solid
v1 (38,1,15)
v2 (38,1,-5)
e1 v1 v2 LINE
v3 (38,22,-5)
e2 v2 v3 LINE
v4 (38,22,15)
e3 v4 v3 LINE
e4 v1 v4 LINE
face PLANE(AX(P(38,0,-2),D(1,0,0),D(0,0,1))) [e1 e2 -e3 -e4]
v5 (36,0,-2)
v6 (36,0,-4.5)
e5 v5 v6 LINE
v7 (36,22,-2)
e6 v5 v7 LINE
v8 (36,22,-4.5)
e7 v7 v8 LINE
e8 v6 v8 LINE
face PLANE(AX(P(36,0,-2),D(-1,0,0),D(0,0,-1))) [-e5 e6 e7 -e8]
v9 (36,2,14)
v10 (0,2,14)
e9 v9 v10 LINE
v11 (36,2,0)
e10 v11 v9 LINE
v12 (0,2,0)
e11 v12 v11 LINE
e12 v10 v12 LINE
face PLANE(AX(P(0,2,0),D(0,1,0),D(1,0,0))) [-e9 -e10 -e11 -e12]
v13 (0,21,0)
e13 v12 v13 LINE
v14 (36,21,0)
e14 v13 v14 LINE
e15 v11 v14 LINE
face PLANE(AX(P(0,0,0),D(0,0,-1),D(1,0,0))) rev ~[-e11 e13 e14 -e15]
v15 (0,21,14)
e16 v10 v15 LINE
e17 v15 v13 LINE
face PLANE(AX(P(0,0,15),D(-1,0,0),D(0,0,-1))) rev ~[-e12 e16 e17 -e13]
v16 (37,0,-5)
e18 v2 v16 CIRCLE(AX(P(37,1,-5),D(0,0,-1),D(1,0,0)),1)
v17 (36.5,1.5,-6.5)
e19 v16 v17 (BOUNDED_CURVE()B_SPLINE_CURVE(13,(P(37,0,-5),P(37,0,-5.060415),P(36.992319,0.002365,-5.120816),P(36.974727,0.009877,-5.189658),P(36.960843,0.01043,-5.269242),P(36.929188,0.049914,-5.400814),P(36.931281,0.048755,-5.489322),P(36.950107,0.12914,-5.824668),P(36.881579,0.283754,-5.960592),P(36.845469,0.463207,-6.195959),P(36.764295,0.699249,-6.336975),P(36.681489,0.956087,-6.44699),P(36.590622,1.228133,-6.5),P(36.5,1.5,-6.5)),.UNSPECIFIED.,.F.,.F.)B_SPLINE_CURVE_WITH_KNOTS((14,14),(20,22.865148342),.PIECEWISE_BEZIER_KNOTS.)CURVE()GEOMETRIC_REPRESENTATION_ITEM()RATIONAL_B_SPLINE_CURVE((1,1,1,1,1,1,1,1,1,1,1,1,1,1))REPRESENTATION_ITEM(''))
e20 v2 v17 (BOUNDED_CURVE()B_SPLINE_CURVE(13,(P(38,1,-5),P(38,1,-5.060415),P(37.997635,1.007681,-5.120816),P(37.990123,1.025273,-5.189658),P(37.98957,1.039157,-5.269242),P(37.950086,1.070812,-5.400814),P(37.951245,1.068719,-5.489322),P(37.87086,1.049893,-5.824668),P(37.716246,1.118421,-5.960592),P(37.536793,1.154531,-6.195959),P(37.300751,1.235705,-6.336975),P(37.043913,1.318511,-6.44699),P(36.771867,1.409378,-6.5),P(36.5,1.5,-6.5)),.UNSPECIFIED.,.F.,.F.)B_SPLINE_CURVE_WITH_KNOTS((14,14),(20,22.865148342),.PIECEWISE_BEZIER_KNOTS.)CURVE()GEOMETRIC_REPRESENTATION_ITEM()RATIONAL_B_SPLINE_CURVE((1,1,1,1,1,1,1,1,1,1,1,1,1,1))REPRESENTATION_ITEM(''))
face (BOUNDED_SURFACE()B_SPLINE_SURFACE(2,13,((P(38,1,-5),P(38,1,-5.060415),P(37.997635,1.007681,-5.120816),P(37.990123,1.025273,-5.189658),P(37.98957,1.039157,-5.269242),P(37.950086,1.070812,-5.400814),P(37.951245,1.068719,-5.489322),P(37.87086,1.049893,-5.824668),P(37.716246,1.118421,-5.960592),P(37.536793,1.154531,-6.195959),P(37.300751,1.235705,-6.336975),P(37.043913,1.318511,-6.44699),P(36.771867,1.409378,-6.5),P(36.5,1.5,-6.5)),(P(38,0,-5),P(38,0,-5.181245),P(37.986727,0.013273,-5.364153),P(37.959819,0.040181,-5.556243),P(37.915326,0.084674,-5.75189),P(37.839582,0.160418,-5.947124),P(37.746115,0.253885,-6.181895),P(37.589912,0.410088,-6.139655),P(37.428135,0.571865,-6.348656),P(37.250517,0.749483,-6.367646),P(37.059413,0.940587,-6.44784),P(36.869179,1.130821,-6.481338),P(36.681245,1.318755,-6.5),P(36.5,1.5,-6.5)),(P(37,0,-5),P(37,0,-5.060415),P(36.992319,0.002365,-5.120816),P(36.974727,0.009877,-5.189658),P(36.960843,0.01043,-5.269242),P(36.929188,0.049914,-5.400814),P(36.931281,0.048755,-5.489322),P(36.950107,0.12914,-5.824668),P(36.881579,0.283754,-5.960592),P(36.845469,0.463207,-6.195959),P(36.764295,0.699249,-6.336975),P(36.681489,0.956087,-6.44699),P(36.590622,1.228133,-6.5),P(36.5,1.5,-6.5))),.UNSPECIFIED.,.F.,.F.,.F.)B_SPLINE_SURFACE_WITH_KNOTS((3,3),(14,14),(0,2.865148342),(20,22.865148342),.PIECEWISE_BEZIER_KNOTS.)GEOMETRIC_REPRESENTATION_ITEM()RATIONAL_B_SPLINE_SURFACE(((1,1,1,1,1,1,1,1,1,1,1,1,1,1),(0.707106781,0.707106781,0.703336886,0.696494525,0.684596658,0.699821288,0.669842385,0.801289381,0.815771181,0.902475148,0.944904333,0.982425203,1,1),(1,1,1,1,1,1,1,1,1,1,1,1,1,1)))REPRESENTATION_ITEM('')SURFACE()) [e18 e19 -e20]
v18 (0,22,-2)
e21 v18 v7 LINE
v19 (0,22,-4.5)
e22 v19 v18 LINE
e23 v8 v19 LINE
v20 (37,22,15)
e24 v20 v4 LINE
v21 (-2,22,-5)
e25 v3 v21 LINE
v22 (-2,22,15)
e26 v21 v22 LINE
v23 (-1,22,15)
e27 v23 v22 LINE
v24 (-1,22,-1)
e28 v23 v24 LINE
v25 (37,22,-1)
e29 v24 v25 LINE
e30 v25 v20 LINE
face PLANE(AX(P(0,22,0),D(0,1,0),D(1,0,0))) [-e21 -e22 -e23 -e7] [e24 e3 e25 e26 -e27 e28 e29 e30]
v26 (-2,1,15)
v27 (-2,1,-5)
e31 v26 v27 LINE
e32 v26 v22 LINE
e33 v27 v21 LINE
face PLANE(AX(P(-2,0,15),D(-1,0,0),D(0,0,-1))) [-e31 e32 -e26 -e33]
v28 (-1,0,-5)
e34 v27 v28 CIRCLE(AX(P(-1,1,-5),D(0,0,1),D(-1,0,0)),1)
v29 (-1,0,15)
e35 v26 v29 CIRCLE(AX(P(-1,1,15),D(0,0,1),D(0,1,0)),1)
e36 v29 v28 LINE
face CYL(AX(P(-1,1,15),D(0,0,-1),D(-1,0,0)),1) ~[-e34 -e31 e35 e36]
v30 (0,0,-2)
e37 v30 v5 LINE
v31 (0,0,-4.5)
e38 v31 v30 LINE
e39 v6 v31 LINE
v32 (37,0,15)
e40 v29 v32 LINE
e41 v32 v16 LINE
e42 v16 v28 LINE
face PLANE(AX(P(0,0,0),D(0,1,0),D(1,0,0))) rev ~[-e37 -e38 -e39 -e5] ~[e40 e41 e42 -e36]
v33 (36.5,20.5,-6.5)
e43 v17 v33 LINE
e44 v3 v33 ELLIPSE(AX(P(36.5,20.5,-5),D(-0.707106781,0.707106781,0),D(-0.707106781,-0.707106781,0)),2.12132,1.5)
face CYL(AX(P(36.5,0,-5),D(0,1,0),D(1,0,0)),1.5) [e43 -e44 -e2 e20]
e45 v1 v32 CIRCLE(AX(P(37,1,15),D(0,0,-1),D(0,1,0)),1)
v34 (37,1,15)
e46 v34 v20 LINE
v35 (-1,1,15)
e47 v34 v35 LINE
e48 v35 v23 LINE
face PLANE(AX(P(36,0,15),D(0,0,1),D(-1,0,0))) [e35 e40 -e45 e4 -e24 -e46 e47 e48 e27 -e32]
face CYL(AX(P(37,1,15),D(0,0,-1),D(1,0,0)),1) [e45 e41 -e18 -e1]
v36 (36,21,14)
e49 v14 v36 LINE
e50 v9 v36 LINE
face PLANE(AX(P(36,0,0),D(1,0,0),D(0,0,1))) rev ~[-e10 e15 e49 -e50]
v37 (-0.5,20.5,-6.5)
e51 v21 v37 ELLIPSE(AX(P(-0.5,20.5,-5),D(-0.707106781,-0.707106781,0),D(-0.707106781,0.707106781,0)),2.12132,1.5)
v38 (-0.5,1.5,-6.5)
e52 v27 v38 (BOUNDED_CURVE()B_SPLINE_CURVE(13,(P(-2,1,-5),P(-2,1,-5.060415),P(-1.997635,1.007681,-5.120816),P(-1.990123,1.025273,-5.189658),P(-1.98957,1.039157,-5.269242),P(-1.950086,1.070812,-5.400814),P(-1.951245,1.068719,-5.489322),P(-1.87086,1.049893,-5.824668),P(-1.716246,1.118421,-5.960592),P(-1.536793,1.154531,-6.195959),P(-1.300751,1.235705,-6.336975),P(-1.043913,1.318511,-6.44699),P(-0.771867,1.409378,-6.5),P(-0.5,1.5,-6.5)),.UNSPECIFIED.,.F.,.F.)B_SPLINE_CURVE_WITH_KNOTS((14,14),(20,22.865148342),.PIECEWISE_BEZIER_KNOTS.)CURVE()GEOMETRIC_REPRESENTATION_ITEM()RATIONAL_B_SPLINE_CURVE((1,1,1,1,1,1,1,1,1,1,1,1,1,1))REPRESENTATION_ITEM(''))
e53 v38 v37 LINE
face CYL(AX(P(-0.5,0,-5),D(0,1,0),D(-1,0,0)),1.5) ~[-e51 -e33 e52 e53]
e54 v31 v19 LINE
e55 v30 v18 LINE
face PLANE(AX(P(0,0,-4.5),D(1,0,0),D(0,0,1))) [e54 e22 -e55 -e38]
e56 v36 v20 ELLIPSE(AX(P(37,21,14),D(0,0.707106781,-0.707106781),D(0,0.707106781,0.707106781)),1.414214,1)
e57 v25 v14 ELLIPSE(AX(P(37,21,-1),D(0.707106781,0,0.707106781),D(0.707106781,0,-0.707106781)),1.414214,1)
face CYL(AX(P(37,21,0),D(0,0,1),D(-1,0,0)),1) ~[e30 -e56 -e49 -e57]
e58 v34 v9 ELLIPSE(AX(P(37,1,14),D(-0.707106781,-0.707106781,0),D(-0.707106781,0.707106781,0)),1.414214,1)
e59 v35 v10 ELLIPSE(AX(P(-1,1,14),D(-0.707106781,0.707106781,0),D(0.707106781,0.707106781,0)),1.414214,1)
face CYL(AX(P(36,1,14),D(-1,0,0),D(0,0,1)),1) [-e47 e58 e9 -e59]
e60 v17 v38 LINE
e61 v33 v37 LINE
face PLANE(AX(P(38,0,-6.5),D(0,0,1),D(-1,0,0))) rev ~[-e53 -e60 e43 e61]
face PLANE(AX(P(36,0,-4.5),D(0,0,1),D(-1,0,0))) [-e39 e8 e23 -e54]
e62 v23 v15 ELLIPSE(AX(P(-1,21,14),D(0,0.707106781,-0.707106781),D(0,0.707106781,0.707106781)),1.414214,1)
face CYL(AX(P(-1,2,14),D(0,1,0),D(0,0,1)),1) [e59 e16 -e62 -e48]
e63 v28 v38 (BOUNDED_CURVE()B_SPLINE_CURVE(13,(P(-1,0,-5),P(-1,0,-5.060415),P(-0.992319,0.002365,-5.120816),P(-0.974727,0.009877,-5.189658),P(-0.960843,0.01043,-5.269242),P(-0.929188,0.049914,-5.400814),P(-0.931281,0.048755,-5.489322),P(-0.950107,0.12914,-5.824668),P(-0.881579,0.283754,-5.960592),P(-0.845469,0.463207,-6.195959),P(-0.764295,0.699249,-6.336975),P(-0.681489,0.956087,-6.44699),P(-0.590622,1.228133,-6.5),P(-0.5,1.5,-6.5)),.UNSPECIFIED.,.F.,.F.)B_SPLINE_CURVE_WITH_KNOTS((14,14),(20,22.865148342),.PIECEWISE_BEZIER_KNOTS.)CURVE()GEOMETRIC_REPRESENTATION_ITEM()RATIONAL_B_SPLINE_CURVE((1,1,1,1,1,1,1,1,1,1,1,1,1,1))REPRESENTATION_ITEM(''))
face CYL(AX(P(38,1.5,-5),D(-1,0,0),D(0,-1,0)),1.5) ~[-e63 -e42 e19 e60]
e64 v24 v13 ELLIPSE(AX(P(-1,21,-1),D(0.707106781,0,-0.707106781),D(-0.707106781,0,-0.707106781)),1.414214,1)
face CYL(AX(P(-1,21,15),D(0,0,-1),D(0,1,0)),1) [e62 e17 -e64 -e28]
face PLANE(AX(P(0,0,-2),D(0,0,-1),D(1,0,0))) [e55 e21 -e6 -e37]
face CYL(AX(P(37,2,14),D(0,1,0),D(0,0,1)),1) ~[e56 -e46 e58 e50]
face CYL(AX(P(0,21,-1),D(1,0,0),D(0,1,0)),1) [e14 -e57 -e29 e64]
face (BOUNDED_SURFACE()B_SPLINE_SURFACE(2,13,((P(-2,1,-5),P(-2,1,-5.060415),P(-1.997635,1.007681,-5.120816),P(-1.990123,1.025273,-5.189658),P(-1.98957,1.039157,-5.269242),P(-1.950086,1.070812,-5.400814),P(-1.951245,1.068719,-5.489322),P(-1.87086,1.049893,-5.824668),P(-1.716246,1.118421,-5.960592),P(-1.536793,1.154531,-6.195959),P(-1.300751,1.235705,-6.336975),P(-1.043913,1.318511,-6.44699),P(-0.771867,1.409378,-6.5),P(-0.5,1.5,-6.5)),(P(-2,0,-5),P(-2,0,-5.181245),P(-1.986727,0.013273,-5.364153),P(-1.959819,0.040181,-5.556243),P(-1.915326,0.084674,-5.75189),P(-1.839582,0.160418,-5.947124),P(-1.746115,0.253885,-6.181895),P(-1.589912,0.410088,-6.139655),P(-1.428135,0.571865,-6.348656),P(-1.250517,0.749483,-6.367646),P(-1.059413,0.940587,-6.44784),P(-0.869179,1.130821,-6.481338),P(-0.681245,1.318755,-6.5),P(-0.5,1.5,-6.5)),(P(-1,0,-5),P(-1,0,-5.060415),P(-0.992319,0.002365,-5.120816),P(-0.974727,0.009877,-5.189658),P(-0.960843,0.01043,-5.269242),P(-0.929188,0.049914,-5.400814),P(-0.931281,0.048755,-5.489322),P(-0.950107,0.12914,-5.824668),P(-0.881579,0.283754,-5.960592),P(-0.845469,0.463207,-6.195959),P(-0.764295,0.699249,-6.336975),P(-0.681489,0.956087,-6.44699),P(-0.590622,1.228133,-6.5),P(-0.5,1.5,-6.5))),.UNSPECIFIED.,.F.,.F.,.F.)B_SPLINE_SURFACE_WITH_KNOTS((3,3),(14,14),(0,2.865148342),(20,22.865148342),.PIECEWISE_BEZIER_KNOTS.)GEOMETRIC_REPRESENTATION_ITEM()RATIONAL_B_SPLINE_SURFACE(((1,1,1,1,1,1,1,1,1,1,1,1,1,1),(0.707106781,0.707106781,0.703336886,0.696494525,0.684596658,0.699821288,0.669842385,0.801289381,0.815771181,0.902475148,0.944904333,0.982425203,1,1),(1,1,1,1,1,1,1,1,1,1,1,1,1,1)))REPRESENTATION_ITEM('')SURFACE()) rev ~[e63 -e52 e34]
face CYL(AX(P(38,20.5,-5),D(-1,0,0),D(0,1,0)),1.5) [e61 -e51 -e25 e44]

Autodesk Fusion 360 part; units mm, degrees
sketch "Skizze1" plane through (0, 0, 0) normal (0, 1, 0) x (1, 0, 0)
  line L0 (0, 0) -> (36, 0)
  line L1 (36, 0) -> (36, -15)
  line L2 (36, -15) -> (0, -15)
  line L3 (0, -15) -> (0, 0)
  line L4 (38, 2) -> (38, -17)
  line L5 (38, -17) -> (-2, -17)
  line L6 (-2, -17) -> (-2, 2)
  line L7 (-2, 2) -> (38, 2)
  line L8 (0, 2) -> (36, 2)
  line L9 (36, 2) -> (36, 4.5)
  line L10 (36, 4.5) -> (0, 4.5)
  line L11 (0, 4.5) -> (0, 2)
  line L12 (38, 2) -> (38, 6.5)
  line L13 (38, 6.5) -> (-2, 6.5)
  line L14 (-2, 6.5) -> (-2, 2)
  line L15 (0, -15) -> (-2, -15)
  line L16 (36, -15) -> (38, -15)
  dimension "d6" = 36
  dimension "d7" = 15
  dimension "d8" = 2
  dimension "d9" = 36
  dimension "d10" = 2.5
  dimension "d11" = 2
extrude "Extrusion1" add sketch "Skizze1" along normal blind 2 contours L0 L1 L2 L3
extrude "Extrusion2" add sketch "Skizze1" along normal blind 22 contours L0 L1 L3 L4 L6 L7 L8 L15 L16 | L7 L9 L10 L11 L12 L13 L14
fillet "Abrundung1" radius 1 6 edges at (0, 12, 15) (0, 22, 7.5) (18, 22, 0) (36, 22, 7.5) (36, 12, 15) (18, 2, 15)
fillet "Abrundung2" radius 1.5 4 edges at (18, 22, -6.5) (-2, 11, -6.5) (38, 11, -6.5) (18, 0, -6.5)
fillet "Abrundung3" radius 1 4 edges at (37.5607, 0.4393, -6.0607) (38, 0, 5) (-1.5607, 0.4393, -6.0607) (-2, 0, 5)
equation "width = 3.6 cm"
equation "height = 1.5 cm"
equation "depth = 2 cm"
equation "wall = 2 mm"
equation "space = 2.5 mm"
equation "d6 = width"
equation "d7 = height"
equation "d8 = wall"
equation "d9 = width"
equation "d10 = space"
equation "d11 = wall"
equation "d13 = wall"
equation "d15 = wall + depth"
